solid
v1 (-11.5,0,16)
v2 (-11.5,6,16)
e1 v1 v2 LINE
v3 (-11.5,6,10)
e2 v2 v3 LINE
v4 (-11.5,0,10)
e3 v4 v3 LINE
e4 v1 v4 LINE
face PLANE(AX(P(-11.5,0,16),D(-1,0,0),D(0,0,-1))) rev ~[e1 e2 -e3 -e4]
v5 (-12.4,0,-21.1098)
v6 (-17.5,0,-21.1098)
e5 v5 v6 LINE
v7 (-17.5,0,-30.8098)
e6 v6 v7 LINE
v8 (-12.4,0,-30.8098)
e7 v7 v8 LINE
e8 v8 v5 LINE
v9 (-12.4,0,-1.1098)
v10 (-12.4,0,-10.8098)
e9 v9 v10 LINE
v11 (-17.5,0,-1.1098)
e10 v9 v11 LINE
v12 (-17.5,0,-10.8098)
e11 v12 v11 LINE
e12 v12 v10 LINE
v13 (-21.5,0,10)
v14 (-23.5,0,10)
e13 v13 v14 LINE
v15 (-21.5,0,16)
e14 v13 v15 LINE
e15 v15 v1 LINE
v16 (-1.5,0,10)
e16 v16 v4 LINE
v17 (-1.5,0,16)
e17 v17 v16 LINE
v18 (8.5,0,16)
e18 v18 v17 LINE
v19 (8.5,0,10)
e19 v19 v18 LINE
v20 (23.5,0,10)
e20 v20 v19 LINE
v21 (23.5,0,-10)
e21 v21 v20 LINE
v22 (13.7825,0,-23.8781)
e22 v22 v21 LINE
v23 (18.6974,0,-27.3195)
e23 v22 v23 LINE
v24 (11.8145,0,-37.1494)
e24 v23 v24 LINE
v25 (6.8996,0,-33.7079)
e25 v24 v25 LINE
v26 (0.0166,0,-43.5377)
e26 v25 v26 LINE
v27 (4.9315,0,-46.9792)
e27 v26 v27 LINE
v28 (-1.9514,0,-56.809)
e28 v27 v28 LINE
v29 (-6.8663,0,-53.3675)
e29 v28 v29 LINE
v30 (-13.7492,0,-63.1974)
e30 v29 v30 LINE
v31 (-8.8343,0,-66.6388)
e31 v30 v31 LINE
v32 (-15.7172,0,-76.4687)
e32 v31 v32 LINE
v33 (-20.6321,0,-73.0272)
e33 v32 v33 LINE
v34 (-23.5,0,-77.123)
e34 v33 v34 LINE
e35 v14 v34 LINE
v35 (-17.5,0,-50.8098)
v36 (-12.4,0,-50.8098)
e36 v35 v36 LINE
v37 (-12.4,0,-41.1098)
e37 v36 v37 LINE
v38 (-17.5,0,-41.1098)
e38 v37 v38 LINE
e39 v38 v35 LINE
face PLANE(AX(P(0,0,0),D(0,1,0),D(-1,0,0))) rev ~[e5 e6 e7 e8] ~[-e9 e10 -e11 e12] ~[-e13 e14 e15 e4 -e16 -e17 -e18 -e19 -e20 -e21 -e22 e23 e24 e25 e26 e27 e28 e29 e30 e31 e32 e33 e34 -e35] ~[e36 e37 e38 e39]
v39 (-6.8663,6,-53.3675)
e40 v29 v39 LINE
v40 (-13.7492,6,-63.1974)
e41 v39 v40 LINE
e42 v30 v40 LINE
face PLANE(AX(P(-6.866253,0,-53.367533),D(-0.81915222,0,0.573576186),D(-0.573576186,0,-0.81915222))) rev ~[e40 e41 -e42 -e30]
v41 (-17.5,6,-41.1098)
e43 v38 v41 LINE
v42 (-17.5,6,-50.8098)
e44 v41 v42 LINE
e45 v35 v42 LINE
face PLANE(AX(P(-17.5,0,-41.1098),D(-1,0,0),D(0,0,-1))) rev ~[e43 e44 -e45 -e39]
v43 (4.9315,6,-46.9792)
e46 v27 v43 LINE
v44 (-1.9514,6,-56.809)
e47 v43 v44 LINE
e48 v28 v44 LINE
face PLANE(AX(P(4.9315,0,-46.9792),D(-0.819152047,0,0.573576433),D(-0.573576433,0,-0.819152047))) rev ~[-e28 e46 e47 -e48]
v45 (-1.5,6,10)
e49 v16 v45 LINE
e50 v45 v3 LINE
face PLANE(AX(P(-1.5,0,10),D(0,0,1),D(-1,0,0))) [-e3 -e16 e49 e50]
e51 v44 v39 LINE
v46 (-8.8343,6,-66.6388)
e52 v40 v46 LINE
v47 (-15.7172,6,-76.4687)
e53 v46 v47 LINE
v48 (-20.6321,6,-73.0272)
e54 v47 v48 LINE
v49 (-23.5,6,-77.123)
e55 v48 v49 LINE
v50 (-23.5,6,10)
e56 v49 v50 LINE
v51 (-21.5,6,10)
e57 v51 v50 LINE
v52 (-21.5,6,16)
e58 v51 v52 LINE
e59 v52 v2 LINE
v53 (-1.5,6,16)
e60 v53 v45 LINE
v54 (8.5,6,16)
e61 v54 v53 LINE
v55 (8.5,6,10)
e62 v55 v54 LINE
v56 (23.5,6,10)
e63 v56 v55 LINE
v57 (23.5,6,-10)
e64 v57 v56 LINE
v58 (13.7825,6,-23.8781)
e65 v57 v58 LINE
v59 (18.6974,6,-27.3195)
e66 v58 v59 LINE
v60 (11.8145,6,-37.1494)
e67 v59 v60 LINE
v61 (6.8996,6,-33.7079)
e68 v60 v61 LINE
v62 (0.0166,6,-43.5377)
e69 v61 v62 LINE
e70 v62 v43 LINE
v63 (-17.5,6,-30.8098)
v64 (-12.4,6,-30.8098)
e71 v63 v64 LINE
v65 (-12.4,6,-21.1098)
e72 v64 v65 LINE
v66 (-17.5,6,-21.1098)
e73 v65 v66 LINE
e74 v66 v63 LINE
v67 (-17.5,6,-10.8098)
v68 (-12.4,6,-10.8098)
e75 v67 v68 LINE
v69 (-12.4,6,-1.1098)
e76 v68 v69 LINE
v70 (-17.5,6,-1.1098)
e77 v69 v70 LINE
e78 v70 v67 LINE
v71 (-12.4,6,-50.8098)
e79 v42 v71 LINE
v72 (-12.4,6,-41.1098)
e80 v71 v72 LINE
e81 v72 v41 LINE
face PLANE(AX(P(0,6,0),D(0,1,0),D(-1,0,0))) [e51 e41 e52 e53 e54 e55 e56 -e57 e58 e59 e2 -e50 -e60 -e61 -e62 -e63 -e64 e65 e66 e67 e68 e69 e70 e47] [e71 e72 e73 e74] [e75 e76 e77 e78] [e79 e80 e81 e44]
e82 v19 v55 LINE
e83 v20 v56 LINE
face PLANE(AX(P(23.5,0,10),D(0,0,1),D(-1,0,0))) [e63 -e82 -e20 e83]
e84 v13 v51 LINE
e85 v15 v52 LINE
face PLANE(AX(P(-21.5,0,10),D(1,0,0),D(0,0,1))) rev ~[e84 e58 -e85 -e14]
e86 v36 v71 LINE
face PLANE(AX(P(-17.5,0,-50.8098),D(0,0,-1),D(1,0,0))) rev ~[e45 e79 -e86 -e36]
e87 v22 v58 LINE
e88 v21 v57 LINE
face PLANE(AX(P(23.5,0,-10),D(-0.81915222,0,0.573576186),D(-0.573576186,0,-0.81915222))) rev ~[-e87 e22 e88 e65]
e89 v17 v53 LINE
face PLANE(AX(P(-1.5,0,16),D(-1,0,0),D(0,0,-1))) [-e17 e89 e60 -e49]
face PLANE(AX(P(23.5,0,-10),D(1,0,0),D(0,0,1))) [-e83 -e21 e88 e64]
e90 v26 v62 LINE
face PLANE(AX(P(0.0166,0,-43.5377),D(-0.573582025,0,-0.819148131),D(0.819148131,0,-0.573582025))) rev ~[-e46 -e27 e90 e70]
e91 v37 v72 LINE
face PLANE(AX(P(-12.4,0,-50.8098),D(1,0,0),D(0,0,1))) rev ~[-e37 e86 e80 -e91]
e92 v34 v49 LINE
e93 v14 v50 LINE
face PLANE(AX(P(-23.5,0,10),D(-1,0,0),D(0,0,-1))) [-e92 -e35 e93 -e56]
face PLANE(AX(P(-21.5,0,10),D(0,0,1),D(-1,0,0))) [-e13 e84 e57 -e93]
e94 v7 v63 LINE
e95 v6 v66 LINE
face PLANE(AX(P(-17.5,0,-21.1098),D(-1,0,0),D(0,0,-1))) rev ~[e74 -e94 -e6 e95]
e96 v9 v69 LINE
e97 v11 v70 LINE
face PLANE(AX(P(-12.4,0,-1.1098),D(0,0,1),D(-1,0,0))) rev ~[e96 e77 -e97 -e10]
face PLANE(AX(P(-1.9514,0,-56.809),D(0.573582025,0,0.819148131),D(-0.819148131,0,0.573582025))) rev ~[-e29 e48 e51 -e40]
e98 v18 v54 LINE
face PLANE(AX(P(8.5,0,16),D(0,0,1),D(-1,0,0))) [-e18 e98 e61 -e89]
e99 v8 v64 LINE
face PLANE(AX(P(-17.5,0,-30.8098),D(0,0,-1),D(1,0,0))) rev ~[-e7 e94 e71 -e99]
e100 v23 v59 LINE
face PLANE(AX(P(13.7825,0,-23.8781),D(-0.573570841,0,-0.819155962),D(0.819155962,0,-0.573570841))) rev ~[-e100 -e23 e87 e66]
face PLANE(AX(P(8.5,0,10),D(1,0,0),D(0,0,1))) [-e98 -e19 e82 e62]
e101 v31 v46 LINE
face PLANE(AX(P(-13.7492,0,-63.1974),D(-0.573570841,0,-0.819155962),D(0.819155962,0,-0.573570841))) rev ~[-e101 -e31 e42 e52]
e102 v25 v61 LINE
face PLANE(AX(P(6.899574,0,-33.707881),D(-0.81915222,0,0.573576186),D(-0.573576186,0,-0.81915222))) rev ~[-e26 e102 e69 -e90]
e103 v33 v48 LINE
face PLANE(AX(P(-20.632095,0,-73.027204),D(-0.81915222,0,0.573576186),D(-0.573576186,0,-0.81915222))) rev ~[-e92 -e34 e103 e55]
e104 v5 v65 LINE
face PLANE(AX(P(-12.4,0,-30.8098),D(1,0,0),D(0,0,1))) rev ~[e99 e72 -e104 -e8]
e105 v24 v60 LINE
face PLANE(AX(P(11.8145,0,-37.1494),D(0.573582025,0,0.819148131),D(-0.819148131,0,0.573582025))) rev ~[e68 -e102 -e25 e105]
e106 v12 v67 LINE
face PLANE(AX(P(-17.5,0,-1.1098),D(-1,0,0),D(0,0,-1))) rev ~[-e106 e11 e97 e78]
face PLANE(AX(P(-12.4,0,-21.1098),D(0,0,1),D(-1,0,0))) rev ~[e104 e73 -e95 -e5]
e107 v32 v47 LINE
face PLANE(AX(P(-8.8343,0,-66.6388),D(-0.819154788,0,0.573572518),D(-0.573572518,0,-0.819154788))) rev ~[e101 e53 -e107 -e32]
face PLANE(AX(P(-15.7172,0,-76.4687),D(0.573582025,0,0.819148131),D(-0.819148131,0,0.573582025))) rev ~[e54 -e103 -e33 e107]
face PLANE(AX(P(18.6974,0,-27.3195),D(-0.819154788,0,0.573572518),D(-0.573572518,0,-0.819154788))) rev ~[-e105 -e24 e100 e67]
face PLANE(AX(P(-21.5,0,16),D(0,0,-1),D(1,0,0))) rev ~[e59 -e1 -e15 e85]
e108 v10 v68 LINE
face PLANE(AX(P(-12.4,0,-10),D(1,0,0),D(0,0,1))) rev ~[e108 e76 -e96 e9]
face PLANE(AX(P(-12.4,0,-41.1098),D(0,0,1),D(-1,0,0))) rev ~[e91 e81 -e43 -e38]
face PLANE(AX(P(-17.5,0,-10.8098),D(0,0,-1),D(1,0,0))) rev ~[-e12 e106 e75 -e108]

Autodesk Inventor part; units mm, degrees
ref_plane "YZ Plane" through (0, 0, 0) normal (1, 0, 0) x (0, 1, 0)
ref_plane "XZ Plane" through (0, 0, 0) normal (0, 1, 0) x (-1, 0, 0)
ref_plane "XY Plane" through (0, 0, 0) normal (0, 0, 1) x (1, 0, 0)
sketch "Sketch2" plane through (0, 0, 0) normal (0, 1, 0) x (-1, 0, 0)
  line L0 (-23.5, 10) -> (23.5, 10)
  line L1 (23.5, 10) -> (23.5, -10)
  line L2 (23.5, -10) -> (17.5, -10)
  line L3 (-23.5, -10) -> (-23.5, 10)
  line L4 (-23.5, 10) -> (23.5, -10) construction
  line L5 (23.5, 10) -> (-23.5, -10) construction
  line L6 (21.5, 16) -> (11.5, 16)
  line L7 (11.5, 16) -> (11.5, 10)
  line L8 (11.5, 10) -> (21.5, 10)
  line L9 (21.5, 10) -> (21.5, 16)
  line L10 (-23.5, -10) -> (23.5, -77.123)
  line L11 (-23.5, -10) -> (58.442, -10) construction
  line L12 (23.5, -77.123) -> (23.5, -10)
  line L13 (20.6321, -73.0272) -> (13.7492, -63.1974)
  line L14 (13.7492, -63.1974) -> (8.8343, -66.6388)
  line L15 (8.8343, -66.6388) -> (15.7172, -76.4687)
  line L16 (15.7172, -76.4687) -> (20.6321, -73.0272)
  line L17 (6.8663, -53.3675) -> (-0.0166, -43.5377)
  line L18 (1.9514, -56.809) -> (6.8663, -53.3675)
  line L19 (-4.9315, -46.9792) -> (1.9514, -56.809)
  line L20 (-0.0166, -43.5377) -> (-4.9315, -46.9792)
  line L21 (-6.8996, -33.7079) -> (-13.7825, -23.8781)
  line L22 (-11.8145, -37.1494) -> (-6.8996, -33.7079)
  line L23 (-18.6974, -27.3195) -> (-11.8145, -37.1494)
  line L24 (-13.7825, -23.8781) -> (-18.6974, -27.3195)
  line L25 (1.5, 10) -> (-8.5, 10)
  line L26 (-8.5, 10) -> (-8.5, 16)
  line L27 (-8.5, 16) -> (1.5, 16)
  line L28 (1.5, 16) -> (1.5, 10)
  line L29 (-19.5182, -15.6866) -> (-23.5, -10)
  line L30 (-23.5, -10) -> (-28.4149, -13.4415)
  line L31 (-28.4149, -13.4415) -> (-24.4331, -19.128)
  line L32 (-24.4331, -19.128) -> (-19.5182, -15.6866)
  line L33 (17.5, -50.8098) -> (12.4, -50.8098)
  line L34 (12.4, -50.8098) -> (12.4, -41.1098)
  line L35 (12.4, -41.1098) -> (17.5, -41.1098)
  line L36 (17.5, -41.1098) -> (17.5, -50.8098)
  line L37 (17.5, -30.8098) -> (12.4, -30.8098)
  line L38 (17.5, -21.1098) -> (17.5, -30.8098)
  line L39 (12.4, -21.1098) -> (17.5, -21.1098)
  line L40 (12.4, -30.8098) -> (12.4, -21.1098)
  line L41 (17.5, -10.8098) -> (12.4, -10.8098)
  line L42 (17.5, -1.1098) -> (17.5, -10.8098)
  line L43 (12.4, -1.1098) -> (17.5, -1.1098)
  line L44 (12.4, -10.8098) -> (12.4, -1.1098)
  line L45 (12.4, -10) -> (-23.5, -10)
  line L46 (17.5, -10) -> (12.4, -10)
  point P0 (0, 0)
  dimension "d9" = 20
  dimension "d19" = 10
  dimension "d20" = 6
  dimension "d21" = 2
  dimension "d41" = 55
  dimension "d42" = 6
  dimension "d45" = 24
  dimension "d50" = 5
  dimension "d51" = 12
  dimension "d52" = 10
  dimension "d53" = 6
  dimension "d54" = 10
  dimension "d55" = 47
  dimension "d56" = 10
  dimension "d57" = 5.1
  dimension "d58" = 9.7
  dimension "d61" = 20
  dimension "d66" = 6
  dimension "d67" = 6
extrude "Extrusion2" add sketch "Sketch2" along normal blind 6 contours L0 L1 L2 L42 L43 L44 L45 L3 | L26 L27 L28 L0 | L45 L44 L41 L42 L2 L12 L10 | L7 L6 L9 L0 | L10 L22 L23 L24 | L10 L18 L19 L20 | L16 L15 L14 L10
properties part number "phone_holder_slider_side" material "Acrylic, Clear"
